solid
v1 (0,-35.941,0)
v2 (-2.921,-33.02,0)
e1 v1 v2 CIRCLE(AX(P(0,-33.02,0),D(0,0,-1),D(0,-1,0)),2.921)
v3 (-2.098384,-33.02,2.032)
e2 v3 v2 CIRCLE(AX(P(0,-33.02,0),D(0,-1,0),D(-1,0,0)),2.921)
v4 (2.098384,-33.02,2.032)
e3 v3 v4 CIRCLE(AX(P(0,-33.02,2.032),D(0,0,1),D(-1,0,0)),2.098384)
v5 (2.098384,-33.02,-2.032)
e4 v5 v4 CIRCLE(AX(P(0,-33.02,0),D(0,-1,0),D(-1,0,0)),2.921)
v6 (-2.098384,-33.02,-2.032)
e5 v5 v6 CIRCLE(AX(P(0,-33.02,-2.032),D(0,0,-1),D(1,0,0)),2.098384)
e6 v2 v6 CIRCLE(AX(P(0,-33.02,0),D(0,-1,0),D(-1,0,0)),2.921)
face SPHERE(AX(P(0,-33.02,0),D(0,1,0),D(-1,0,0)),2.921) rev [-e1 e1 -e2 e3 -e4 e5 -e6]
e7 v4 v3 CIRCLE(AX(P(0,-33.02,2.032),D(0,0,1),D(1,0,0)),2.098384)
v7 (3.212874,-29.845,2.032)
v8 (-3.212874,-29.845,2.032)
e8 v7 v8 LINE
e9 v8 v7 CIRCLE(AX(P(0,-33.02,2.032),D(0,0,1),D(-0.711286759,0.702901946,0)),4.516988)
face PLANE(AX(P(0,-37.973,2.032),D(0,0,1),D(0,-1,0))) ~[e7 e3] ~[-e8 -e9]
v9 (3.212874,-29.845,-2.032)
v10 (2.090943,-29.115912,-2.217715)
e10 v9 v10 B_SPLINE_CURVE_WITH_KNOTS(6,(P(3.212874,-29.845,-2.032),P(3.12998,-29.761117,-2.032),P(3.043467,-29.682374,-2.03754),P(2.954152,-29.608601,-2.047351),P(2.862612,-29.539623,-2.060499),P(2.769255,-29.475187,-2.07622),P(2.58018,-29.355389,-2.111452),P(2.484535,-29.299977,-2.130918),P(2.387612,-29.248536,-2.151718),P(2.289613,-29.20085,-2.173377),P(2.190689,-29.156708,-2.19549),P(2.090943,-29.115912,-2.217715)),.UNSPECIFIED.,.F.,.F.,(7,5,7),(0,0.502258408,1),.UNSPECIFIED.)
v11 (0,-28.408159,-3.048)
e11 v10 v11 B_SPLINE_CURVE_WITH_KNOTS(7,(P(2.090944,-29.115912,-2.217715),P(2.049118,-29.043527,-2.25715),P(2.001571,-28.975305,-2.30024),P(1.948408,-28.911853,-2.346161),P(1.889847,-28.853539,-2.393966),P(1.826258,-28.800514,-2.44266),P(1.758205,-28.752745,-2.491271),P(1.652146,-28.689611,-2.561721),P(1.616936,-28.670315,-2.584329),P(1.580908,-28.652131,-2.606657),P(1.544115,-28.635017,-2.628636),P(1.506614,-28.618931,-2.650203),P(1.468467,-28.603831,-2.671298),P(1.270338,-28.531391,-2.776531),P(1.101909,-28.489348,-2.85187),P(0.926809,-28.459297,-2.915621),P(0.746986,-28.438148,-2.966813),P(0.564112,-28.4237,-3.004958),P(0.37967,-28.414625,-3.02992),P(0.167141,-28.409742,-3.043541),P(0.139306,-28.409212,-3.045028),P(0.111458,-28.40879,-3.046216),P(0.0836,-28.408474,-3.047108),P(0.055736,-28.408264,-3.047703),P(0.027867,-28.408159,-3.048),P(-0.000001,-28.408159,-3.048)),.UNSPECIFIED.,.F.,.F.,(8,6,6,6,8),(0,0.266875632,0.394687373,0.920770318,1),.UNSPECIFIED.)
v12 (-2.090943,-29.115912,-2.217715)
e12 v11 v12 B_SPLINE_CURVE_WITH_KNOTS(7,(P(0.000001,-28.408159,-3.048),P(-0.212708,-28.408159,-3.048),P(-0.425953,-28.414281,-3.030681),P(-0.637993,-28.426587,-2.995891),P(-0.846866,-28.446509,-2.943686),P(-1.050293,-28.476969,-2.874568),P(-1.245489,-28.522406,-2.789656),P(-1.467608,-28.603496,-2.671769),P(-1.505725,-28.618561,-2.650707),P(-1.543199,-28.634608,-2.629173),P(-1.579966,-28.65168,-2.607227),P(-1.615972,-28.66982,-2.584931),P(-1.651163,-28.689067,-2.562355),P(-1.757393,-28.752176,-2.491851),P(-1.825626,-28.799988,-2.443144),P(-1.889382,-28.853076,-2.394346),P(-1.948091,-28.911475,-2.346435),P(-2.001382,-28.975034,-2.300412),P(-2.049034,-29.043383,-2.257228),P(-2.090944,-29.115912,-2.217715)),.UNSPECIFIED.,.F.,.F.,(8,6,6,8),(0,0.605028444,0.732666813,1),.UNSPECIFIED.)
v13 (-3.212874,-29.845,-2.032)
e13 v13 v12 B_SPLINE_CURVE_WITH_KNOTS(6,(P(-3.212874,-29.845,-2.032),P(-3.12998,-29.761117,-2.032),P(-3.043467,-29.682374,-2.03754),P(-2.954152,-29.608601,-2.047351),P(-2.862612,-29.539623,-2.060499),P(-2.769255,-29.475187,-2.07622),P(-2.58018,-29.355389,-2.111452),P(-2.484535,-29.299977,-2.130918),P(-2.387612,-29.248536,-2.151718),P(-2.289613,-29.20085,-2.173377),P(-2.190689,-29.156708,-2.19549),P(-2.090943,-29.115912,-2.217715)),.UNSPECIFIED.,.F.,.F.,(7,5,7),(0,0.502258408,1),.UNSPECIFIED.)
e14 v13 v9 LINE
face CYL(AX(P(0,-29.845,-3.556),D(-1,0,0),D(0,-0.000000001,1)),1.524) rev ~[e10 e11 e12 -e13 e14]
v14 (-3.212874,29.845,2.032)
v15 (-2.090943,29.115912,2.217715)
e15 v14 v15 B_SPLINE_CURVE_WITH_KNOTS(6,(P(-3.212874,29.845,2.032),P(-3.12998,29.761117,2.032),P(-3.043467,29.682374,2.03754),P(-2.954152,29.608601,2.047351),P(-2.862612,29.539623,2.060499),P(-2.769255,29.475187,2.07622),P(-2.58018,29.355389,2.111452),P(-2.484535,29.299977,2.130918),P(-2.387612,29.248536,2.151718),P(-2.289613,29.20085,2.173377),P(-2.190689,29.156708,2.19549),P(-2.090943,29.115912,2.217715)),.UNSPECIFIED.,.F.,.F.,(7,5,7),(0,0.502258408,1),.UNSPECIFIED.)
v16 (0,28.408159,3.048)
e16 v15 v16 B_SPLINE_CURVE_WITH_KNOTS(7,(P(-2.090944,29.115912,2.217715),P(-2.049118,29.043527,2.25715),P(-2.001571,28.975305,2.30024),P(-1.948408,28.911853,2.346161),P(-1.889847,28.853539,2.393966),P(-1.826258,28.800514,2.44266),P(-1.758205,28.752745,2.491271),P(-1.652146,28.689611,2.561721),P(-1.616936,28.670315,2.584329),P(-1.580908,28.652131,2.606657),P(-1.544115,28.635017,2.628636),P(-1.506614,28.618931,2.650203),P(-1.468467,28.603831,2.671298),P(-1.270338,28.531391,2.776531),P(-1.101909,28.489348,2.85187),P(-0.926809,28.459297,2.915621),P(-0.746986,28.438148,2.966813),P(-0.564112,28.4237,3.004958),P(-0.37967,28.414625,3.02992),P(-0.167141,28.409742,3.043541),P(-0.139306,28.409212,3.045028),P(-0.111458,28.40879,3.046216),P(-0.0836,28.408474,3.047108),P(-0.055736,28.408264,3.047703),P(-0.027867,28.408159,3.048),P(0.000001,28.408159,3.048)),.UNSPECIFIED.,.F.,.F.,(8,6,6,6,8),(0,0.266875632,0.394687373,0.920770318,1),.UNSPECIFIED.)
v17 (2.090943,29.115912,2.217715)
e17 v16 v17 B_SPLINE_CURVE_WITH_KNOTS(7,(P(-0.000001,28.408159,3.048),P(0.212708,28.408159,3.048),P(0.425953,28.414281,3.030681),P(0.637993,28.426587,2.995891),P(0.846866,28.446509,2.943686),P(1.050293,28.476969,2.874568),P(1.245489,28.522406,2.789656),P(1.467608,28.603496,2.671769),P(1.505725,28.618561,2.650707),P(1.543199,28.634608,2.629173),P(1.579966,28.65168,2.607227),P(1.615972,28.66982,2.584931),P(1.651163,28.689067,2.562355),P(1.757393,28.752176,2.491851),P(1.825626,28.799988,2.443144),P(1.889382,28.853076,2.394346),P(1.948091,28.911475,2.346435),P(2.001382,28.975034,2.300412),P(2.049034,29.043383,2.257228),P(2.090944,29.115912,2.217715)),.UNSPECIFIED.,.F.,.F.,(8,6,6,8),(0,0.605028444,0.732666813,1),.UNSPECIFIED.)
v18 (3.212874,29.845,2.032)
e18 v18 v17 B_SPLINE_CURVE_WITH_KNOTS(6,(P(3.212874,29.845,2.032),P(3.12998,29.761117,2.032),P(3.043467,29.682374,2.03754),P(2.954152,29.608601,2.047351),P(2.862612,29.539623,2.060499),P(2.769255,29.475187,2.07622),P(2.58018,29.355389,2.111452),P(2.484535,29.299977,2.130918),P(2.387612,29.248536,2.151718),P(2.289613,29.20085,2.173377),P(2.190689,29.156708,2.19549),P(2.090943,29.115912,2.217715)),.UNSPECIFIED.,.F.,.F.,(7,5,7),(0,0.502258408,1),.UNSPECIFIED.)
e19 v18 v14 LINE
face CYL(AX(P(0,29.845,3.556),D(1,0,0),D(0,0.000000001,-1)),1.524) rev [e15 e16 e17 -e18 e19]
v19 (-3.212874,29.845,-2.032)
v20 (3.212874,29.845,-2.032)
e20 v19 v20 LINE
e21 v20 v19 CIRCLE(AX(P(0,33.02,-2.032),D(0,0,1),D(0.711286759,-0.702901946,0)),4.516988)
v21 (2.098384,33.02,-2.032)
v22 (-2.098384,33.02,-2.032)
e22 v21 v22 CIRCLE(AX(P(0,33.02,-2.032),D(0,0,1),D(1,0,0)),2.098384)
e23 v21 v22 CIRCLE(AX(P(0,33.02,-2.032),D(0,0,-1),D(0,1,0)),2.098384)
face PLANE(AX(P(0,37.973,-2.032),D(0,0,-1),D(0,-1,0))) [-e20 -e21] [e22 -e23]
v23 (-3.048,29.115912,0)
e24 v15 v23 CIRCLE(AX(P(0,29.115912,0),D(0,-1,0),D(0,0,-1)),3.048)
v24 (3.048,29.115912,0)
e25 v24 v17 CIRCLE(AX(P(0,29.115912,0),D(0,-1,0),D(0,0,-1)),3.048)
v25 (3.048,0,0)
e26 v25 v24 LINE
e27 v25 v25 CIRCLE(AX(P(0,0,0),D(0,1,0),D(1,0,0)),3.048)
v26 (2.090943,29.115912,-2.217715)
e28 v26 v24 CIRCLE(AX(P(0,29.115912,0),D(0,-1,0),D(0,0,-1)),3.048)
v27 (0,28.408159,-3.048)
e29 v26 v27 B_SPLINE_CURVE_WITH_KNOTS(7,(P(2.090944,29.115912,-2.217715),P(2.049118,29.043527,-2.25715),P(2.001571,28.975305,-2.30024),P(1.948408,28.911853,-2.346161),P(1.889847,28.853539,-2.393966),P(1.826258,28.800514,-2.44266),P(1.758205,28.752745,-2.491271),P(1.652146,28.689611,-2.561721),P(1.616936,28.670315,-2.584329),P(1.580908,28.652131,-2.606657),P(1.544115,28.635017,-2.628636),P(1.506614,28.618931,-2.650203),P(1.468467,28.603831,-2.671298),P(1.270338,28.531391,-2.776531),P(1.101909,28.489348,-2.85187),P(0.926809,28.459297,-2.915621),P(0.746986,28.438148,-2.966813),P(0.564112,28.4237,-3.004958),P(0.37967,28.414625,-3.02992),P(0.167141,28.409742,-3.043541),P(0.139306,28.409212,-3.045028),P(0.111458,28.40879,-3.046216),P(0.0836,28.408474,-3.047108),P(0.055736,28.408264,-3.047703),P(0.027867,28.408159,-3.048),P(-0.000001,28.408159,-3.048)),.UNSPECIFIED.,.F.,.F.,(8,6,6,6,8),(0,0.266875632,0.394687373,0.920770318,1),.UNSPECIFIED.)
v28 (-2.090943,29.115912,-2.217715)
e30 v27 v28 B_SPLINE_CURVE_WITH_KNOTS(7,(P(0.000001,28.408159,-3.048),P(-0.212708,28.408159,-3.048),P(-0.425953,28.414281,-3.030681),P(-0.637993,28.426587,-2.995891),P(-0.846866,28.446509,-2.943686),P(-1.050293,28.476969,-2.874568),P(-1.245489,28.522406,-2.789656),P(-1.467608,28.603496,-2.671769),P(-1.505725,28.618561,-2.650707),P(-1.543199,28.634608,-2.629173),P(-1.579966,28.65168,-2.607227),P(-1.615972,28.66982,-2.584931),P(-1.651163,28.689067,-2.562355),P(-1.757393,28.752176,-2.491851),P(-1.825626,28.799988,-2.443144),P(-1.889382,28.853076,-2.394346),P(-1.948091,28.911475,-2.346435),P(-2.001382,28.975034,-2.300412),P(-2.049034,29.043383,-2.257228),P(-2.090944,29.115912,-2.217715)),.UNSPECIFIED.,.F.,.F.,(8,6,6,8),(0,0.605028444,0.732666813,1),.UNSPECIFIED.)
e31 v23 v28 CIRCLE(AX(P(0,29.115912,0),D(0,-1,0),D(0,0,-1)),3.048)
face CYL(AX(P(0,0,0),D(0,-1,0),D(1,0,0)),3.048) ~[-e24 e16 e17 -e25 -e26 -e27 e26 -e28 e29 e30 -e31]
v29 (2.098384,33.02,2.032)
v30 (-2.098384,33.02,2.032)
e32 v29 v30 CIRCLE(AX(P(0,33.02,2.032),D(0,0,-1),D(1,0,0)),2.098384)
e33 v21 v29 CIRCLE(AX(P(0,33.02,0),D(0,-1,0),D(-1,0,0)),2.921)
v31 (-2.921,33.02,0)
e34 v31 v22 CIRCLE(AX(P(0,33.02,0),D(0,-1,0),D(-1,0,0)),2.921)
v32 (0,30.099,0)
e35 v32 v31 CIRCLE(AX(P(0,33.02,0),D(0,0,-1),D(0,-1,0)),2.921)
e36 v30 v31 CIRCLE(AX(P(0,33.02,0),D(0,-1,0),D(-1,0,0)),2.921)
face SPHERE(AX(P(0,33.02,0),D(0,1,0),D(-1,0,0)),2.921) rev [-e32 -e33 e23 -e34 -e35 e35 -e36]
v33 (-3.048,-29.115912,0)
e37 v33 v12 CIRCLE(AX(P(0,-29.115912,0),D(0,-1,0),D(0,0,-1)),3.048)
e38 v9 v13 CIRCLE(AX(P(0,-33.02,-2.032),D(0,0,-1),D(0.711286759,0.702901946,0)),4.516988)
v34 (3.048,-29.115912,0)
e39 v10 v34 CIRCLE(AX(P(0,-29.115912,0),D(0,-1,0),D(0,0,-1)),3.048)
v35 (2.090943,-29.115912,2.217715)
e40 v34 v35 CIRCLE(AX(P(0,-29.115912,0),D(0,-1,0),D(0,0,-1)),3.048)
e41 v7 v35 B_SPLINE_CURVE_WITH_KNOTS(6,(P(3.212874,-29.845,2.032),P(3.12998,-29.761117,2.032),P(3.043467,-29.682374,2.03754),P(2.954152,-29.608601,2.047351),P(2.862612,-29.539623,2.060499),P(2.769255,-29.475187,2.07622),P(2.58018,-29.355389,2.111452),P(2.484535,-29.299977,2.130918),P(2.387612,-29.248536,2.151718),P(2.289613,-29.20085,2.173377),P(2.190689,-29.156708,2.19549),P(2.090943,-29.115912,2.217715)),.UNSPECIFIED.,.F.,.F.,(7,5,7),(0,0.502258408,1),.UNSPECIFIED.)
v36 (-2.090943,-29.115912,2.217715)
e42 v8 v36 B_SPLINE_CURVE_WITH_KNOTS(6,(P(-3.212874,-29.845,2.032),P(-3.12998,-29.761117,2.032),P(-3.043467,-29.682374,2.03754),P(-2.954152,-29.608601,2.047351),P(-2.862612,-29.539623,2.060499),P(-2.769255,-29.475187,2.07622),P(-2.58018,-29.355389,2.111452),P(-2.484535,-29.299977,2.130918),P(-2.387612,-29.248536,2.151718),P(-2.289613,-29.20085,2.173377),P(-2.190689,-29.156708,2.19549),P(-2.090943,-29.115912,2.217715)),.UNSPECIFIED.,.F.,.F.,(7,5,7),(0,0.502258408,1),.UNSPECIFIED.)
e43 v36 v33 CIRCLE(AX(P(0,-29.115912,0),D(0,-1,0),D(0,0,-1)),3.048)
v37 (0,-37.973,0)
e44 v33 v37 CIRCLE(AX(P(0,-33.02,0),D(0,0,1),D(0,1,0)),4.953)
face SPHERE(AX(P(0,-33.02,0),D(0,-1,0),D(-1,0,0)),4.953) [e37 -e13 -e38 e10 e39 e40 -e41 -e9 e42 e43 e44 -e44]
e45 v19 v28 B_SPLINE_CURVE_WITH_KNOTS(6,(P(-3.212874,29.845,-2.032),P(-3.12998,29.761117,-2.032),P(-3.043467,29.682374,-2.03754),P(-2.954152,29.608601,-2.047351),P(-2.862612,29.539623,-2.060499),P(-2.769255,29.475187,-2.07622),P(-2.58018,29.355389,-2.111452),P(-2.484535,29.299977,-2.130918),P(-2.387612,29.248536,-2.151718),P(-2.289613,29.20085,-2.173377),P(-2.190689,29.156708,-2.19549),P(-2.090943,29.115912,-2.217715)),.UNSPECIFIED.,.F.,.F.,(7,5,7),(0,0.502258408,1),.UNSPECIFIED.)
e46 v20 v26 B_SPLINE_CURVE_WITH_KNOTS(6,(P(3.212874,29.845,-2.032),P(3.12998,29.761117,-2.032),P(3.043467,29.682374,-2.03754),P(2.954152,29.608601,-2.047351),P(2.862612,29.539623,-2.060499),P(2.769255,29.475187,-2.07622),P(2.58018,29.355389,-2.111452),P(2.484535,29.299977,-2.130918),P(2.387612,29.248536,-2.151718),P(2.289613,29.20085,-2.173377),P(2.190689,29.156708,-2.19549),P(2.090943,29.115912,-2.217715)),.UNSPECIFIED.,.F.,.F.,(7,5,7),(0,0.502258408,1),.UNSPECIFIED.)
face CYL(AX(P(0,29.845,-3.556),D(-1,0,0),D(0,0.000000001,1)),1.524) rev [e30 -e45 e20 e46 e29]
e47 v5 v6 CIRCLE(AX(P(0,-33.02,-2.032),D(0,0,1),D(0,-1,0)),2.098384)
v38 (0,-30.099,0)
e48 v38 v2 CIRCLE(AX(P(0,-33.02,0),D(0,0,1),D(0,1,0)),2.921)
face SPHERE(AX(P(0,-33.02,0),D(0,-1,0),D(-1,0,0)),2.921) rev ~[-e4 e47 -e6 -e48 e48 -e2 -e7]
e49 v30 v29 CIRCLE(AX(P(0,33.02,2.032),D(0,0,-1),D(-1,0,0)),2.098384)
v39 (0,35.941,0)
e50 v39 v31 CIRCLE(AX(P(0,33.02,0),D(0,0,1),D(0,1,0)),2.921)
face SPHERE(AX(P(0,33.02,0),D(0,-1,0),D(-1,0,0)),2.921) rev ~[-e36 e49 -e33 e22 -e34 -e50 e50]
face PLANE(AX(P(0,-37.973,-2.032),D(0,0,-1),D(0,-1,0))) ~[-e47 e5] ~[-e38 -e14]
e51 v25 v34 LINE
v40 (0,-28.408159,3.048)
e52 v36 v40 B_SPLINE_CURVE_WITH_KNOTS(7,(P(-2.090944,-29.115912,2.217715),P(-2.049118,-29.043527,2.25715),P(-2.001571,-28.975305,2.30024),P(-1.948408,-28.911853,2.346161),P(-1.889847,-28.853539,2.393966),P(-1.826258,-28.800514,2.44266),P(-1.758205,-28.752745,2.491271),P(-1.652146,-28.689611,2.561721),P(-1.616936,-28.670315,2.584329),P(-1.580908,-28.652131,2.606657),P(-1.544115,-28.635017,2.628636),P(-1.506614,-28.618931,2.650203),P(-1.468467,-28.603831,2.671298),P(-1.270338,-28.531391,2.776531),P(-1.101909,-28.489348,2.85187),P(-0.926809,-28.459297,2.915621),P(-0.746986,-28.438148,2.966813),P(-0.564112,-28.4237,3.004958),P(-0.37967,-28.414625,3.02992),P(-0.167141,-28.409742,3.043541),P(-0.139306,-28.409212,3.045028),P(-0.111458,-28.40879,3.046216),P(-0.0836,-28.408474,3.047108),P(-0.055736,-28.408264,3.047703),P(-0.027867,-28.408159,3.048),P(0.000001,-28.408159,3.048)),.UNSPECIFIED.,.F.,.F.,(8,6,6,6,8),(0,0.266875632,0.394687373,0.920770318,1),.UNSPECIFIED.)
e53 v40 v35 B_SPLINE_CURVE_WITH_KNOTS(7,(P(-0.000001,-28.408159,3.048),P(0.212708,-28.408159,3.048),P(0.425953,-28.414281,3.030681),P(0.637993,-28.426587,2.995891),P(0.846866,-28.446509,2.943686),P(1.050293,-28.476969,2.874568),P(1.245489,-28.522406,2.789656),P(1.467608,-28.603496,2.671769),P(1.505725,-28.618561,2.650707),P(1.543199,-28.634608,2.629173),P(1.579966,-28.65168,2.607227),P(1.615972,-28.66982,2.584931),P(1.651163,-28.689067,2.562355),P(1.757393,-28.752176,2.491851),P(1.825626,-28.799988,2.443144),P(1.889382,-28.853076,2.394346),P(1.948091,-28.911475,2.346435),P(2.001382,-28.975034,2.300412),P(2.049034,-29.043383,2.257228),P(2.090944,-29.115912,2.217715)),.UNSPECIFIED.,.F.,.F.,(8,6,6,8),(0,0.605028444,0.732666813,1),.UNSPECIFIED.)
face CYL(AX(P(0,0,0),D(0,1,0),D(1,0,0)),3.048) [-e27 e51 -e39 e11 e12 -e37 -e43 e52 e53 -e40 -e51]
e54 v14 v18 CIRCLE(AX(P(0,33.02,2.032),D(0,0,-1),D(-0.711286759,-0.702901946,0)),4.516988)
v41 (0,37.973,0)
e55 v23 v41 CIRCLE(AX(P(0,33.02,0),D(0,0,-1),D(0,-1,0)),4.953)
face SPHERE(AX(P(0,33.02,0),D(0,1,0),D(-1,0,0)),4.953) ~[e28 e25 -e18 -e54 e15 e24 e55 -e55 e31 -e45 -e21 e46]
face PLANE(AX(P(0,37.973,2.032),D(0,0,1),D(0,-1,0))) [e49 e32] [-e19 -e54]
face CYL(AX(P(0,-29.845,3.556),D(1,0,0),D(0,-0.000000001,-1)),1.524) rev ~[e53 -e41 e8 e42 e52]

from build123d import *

# Parameters (mm, degrees)
SKETCH1_R               = 3.048
BOSS_EXTRUDE1_DEPTH     = 33.02
CUT_EXTRUDE1_DEPTH      = 5.953
CUT_EXTRUDE1_DEPTH_BACK = 5.953


with BuildPart() as part:
    # Sketch1 → Boss-Extrude1 (new body)
    with BuildSketch(Plane(origin=(0, 0, 0), x_dir=(1, 0, 0), z_dir=(0, 1, 0))):
        Circle(SKETCH1_R)
    extrude(amount=BOSS_EXTRUDE1_DEPTH)

    # Sketch2 → Revolve3 (revolve)
    with BuildSketch(Plane.XY):
        with BuildLine():
            Line((0, 37.973), (0, 35.941))
            ThreePointArc((0, 35.941), (-2.921, 33.02), (0, 30.099))
            Line((0, 30.099), (0, 28.067))
            ThreePointArc((0, 28.067), (-4.953, 33.02), (0, 37.973))
        make_face()
    revolve(axis=Axis((0, 37.973, 0), (0, -1, 0)))

    # Sketch3 → Cut-Extrude1 (cut, two sides)
    with BuildSketch(Plane(origin=(0, 0, 0), x_dir=(0, 0, -1), z_dir=(1, 0, 0))) as cut_extrude1_sk:
        with BuildLine():
            Line((-2.032, 37.973), (-2.032, 29.845))
            ThreePointArc((-2.032, 29.845), (-2.478369265, 28.767369265), (-3.556, 28.321))
            Line((-3.556, 28.321), (-6.35, 28.321))
            Line((-6.35, 28.321), (-6.35, 37.973))
            Line((-6.35, 37.973), (-2.032, 37.973))
        make_face()
        with BuildLine():
            Line((6.35, 37.973), (2.032, 37.973))
            Line((2.032, 37.973), (2.032, 29.845))
            ThreePointArc((2.032, 29.845), (2.478369265, 28.767369265), (3.556, 28.321))
            Line((3.556, 28.321), (6.35, 28.321))
            Line((6.35, 28.321), (6.35, 37.973))
        make_face()
    extrude(amount=CUT_EXTRUDE1_DEPTH, mode=Mode.SUBTRACT)
    extrude(cut_extrude1_sk.sketch, amount=-CUT_EXTRUDE1_DEPTH_BACK, mode=Mode.SUBTRACT)

    # Sketch4 → Cut-Revolve1 (revolve, cut)
    with BuildSketch(Plane.XY):
        with BuildLine():
            Line((0, 35.941), (0, 30.099))
            ThreePointArc((0, 30.099), (-2.921, 33.02), (0, 35.941))
        make_face()
    revolve(axis=Axis((0, 35.941, 0), (0, -1, 0)), mode=Mode.SUBTRACT)

    # Mirror1: part across plane


with BuildPart() as part_1:
    add(part.part)
    add(part.part.mirror(Plane.ZX))


solid = part_1.part
